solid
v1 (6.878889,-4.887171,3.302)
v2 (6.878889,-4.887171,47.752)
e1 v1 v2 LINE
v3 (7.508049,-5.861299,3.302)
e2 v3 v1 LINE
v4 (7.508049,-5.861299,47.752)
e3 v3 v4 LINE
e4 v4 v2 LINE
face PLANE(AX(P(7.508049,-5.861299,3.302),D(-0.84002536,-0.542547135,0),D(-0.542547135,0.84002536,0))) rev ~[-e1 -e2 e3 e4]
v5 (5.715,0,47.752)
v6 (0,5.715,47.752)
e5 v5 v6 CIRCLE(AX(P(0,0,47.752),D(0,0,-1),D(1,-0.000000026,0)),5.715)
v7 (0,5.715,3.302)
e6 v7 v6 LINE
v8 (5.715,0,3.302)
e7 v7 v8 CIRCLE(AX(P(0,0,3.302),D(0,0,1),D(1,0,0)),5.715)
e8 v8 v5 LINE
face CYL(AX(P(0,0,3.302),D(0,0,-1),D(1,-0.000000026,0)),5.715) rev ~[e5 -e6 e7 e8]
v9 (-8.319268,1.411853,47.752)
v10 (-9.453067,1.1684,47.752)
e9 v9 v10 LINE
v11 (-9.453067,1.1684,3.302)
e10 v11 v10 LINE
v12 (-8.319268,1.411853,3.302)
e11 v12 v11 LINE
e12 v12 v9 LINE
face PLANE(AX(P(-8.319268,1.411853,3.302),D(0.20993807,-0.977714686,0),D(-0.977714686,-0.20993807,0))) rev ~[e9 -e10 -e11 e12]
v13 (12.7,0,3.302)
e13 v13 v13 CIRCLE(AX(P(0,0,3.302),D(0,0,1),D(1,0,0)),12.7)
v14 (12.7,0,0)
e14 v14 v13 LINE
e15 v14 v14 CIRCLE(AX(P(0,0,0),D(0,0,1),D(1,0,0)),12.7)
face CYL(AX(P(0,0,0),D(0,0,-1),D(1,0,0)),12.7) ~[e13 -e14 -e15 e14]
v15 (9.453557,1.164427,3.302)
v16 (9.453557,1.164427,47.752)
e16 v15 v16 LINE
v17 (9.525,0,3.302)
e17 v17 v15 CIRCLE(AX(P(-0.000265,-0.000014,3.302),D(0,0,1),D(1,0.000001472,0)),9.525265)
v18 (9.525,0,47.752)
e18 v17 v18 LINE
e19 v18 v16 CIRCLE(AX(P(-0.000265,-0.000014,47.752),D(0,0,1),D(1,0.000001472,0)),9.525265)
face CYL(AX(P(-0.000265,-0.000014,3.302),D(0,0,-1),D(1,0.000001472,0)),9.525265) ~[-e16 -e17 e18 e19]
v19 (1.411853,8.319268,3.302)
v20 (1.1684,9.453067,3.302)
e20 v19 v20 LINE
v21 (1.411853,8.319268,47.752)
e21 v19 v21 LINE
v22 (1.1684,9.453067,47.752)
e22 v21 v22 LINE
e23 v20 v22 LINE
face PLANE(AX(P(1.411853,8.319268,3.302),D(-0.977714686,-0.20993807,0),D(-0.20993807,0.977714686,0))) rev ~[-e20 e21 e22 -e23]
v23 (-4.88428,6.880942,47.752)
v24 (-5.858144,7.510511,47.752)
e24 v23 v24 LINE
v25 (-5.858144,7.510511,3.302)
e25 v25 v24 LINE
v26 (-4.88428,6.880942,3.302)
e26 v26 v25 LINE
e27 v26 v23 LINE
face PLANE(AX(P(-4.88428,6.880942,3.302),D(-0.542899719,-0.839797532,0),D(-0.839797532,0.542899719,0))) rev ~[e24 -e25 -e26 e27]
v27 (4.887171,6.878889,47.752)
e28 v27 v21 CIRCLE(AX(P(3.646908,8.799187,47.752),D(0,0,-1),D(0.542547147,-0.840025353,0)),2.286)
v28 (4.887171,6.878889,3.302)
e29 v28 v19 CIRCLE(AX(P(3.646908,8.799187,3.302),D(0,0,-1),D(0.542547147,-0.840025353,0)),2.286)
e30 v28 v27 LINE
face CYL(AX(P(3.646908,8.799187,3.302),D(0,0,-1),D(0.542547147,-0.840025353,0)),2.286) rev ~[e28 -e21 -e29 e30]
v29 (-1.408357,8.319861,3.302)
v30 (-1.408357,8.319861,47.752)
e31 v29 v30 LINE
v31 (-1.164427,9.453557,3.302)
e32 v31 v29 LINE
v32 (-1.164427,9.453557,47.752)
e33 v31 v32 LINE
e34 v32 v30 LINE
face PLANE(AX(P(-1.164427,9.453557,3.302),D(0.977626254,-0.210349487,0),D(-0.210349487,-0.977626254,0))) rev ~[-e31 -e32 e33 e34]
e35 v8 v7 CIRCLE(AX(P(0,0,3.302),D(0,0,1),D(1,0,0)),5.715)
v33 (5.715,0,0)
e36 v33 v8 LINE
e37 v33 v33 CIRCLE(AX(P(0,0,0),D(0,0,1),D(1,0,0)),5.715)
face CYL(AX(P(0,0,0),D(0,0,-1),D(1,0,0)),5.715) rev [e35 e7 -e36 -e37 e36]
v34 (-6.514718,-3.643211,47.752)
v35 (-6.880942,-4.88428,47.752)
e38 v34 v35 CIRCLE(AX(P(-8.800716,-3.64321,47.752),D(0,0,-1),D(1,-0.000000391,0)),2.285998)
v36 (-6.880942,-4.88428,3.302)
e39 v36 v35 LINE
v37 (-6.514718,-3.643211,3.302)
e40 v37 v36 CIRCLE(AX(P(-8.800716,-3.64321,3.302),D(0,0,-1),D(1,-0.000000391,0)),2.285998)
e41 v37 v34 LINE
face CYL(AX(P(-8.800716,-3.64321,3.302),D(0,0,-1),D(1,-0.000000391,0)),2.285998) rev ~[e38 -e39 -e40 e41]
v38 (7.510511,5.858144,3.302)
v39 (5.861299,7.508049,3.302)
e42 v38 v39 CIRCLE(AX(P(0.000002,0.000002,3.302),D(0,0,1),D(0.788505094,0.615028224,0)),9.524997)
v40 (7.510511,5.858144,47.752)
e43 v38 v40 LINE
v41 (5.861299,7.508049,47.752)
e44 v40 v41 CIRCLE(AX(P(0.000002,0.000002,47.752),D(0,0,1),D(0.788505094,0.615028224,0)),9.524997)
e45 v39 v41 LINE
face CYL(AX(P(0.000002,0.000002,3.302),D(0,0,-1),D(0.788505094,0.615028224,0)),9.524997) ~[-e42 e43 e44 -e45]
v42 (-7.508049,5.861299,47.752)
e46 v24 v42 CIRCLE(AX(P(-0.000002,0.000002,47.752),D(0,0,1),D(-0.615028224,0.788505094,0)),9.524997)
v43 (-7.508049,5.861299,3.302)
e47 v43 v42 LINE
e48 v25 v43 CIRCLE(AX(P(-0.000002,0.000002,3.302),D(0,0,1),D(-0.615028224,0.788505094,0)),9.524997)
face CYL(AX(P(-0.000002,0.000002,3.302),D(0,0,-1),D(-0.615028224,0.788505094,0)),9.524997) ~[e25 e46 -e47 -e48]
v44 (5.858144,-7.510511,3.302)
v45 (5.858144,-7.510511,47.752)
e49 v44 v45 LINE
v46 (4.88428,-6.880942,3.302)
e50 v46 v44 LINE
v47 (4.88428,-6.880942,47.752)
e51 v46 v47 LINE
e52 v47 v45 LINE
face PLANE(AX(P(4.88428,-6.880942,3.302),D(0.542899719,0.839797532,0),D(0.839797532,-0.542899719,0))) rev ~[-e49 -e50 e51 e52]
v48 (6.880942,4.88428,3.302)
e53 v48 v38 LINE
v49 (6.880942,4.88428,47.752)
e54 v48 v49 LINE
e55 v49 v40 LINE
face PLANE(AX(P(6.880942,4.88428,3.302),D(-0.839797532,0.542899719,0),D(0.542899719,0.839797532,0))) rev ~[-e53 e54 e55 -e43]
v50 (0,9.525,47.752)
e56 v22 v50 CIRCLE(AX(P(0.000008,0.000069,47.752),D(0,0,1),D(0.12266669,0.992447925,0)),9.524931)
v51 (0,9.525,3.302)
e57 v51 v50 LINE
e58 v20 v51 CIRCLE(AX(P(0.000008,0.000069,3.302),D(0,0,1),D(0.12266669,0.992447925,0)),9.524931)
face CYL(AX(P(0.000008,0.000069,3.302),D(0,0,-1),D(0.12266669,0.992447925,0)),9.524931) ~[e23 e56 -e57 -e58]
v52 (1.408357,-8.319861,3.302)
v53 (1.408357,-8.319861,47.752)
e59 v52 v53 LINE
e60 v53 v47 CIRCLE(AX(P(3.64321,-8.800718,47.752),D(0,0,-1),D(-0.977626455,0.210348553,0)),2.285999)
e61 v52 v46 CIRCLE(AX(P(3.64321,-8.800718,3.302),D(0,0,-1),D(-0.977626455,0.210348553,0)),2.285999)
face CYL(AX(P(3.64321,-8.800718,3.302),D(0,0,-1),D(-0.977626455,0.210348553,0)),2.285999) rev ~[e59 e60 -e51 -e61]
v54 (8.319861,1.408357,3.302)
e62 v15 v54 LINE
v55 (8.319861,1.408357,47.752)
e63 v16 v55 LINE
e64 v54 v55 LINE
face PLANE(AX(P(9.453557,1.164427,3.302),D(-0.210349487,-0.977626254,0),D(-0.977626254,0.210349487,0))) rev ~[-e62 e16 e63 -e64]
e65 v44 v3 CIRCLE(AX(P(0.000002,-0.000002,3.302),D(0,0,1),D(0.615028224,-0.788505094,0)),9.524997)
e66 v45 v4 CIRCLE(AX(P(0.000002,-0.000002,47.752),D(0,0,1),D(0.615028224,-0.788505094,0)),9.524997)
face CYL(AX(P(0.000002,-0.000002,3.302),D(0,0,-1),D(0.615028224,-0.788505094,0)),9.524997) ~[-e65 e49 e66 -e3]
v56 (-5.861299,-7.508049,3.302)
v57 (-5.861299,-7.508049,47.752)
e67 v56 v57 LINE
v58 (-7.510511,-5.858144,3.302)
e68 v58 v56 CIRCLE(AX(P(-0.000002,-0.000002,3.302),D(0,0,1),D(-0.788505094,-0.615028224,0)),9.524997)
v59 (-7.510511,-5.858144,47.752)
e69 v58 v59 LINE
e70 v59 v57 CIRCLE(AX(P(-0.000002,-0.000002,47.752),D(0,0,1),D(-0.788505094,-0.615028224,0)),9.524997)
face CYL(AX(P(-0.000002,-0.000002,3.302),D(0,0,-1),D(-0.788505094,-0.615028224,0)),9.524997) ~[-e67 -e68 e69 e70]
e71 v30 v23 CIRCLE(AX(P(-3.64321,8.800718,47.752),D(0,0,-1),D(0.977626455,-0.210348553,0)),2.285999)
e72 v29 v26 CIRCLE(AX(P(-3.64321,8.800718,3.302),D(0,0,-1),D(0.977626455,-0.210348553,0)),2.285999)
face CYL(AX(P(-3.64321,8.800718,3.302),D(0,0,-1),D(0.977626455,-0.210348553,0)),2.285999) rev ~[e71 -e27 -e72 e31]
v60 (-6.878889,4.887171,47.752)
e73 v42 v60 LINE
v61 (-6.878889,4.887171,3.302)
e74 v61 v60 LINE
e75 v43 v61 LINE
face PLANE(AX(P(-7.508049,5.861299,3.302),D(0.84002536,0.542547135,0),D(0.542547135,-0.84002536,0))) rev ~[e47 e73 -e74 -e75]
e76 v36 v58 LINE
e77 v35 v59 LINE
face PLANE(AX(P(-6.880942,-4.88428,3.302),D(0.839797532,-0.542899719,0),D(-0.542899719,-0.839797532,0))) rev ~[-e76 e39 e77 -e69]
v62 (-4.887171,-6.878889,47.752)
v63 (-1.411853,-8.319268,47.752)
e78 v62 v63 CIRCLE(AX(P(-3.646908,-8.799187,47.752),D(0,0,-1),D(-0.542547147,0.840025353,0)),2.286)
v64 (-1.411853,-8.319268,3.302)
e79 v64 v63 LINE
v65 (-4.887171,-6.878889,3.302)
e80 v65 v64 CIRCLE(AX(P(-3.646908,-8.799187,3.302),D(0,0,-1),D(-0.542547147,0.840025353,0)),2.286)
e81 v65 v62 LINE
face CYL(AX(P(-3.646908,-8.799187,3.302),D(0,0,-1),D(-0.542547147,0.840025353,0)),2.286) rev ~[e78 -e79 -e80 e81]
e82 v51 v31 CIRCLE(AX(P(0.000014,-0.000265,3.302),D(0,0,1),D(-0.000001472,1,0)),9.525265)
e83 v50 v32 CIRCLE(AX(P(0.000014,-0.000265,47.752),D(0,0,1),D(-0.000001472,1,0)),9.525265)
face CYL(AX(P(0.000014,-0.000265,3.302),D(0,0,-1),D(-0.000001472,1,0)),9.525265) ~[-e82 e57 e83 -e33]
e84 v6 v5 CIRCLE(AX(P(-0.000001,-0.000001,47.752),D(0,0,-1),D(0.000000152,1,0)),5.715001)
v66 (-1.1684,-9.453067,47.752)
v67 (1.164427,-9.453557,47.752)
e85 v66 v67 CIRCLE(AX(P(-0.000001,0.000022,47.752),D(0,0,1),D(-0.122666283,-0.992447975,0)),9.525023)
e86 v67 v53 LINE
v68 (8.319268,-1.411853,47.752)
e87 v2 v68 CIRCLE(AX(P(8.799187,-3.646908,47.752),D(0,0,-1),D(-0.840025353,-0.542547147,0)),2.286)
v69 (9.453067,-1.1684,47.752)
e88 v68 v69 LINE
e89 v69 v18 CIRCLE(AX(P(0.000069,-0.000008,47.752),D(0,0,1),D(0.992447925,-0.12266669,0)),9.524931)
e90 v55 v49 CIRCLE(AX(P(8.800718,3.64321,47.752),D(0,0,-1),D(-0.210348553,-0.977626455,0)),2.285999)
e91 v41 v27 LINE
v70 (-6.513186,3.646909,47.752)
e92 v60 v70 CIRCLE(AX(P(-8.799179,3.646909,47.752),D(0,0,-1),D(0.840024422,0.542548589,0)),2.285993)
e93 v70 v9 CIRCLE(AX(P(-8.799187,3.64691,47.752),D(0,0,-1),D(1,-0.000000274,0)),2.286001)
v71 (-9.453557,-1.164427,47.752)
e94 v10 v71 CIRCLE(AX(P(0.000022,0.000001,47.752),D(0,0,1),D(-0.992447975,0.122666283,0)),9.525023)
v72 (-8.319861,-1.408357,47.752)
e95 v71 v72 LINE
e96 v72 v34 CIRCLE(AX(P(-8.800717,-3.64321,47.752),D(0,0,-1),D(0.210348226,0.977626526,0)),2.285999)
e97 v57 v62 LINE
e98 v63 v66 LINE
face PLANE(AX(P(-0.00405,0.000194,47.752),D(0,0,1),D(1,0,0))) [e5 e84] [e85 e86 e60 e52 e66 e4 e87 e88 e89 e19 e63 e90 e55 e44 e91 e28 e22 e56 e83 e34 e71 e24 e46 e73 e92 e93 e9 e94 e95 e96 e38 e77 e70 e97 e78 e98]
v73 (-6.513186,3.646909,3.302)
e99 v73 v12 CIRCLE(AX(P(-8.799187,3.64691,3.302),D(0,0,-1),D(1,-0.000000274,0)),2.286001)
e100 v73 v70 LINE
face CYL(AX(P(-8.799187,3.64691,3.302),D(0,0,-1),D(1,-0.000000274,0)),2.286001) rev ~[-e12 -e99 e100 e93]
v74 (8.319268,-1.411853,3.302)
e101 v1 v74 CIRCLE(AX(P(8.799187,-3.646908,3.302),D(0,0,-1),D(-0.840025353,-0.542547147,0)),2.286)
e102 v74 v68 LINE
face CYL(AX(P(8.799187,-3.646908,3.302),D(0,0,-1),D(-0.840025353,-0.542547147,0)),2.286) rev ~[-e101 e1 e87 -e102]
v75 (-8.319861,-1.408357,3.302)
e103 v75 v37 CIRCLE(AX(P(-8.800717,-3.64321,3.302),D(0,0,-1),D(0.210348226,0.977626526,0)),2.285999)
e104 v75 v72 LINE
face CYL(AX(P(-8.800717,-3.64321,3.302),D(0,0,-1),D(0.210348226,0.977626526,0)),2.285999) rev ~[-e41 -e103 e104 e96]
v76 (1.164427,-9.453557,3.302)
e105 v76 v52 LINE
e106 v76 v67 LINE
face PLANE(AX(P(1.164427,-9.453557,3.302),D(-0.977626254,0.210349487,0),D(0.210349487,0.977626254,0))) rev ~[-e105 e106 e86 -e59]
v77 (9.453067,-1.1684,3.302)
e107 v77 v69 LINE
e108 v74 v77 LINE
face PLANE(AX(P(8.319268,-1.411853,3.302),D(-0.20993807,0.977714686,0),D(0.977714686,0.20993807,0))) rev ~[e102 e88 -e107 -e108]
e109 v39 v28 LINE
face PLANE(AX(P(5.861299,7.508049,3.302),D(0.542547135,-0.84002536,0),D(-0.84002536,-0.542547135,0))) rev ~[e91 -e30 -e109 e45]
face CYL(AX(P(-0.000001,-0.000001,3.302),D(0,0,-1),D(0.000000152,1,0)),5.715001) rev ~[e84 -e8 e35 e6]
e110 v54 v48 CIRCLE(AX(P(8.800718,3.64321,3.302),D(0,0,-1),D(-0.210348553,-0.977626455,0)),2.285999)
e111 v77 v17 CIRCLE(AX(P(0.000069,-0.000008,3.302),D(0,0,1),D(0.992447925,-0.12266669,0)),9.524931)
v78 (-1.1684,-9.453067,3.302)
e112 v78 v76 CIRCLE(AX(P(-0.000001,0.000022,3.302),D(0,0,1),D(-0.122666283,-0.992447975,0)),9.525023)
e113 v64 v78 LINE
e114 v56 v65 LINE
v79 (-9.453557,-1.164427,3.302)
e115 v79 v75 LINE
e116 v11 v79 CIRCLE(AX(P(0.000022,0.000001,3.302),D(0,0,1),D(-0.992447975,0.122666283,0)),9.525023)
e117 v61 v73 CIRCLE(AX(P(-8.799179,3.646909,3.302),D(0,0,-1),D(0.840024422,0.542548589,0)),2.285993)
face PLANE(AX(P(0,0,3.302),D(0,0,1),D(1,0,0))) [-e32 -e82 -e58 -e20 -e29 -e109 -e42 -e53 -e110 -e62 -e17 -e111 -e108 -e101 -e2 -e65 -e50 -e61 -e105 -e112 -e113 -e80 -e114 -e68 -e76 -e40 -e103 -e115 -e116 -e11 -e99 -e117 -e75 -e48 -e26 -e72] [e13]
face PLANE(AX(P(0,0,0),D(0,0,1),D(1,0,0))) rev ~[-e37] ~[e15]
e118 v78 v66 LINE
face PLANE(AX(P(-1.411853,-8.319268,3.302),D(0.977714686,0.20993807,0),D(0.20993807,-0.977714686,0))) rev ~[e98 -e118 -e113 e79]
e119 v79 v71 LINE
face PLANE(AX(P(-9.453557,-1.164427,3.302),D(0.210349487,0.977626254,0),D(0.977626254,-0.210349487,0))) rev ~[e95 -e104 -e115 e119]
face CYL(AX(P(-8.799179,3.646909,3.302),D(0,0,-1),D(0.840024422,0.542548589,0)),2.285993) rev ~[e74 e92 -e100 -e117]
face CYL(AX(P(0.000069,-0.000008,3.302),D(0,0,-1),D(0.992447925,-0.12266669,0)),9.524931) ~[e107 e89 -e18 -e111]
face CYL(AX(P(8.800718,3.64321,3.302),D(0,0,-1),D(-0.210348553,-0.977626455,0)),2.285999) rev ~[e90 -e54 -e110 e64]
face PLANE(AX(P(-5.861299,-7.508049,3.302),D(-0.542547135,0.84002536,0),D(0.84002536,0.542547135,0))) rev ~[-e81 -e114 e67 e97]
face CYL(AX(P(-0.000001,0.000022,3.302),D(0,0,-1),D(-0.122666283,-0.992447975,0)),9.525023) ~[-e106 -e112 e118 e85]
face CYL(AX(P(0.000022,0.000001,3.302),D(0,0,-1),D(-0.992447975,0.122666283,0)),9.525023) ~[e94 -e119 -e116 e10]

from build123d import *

# Parameters (mm, degrees)
F0_R     = 12.7
F0_R_2   = 5.715
F1_DEPTH = 3.302
F3_DEPTH = 44.45


with BuildPart() as f1:
    # F0 (on Top) → F1 (new body)
    with BuildSketch(Plane.XY):
        Circle(F0_R)
        Circle(F0_R_2, mode=Mode.SUBTRACT)
    extrude(amount=F1_DEPTH)

    # F2 (on face) → F3 (join)
    with BuildSketch(Plane.XY.offset(3.302)):
        with BuildLine():
            ThreePointArc((9.453067, -1.1684), (9.507, -0.585306), (9.525, 0))
            ThreePointArc((9.525, 0), (9.507122, 0.583309), (9.453557, 1.164427))
            Line((9.453557, 1.164427), (8.319861, 1.408357))
            ThreePointArc((8.319861, 1.408357), (6.688546, 2.76884), (6.880942, 4.88428))
            Line((6.880942, 4.88428), (7.510511, 5.858144))
            ThreePointArc((7.510511, 5.858144), (6.736607, 6.733777), (5.861299, 7.508049))
            Line((5.861299, 7.508049), (4.887171, 6.878889))
            ThreePointArc((4.887171, 6.878889), (2.771651, 6.687382), (1.411853, 8.319268))
            Line((1.411853, 8.319268), (1.1684, 9.453067))
            ThreePointArc((1.1684, 9.453067), (0.585306, 9.507), (0, 9.525))
            ThreePointArc((0, 9.525), (-0.583309, 9.507122), (-1.164427, 9.453557))
            Line((-1.164427, 9.453557), (-1.408357, 8.319861))
            ThreePointArc((-1.408357, 8.319861), (-2.76884, 6.688546), (-4.88428, 6.880942))
            Line((-4.88428, 6.880942), (-5.858144, 7.510511))
            ThreePointArc((-5.858144, 7.510511), (-6.733777, 6.736607), (-7.508049, 5.861299))
            Line((-7.508049, 5.861299), (-6.878889, 4.887171))
            ThreePointArc((-6.878889, 4.887171), (-6.606517, 4.293436), (-6.513186, 3.646909))
            ThreePointArc((-6.513186, 3.646909), (-7.021141, 2.210124), (-8.319268, 1.411853))
            Line((-8.319268, 1.411853), (-9.453067, 1.1684))
            ThreePointArc((-9.453067, 1.1684), (-9.525, 0.002001), (-9.453557, -1.164427))
            Line((-9.453557, -1.164427), (-8.319861, -1.408357))
            ThreePointArc((-8.319861, -1.408357), (-7.022371, -2.206799), (-6.514718, -3.643211))
            ThreePointArc((-6.514718, -3.643211), (-6.608185, -4.290199), (-6.880942, -4.88428))
            Line((-6.880942, -4.88428), (-7.510511, -5.858144))
            ThreePointArc((-7.510511, -5.858144), (-6.736607, -6.733777), (-5.861299, -7.508049))
            Line((-5.861299, -7.508049), (-4.887171, -6.878889))
            ThreePointArc((-4.887171, -6.878889), (-2.771651, -6.687382), (-1.411853, -8.319268))
            Line((-1.411853, -8.319268), (-1.1684, -9.453067))
            ThreePointArc((-1.1684, -9.453067), (-0.002001, -9.525), (1.164427, -9.453557))
            Line((1.164427, -9.453557), (1.408357, -8.319861))
            ThreePointArc((1.408357, -8.319861), (2.76884, -6.688546), (4.88428, -6.880942))
            Line((4.88428, -6.880942), (5.858144, -7.510511))
            ThreePointArc((5.858144, -7.510511), (6.733777, -6.736607), (7.508049, -5.861299))
            Line((7.508049, -5.861299), (6.878889, -4.887171))
            ThreePointArc((6.878889, -4.887171), (6.687382, -2.771651), (8.319268, -1.411853))
            Line((8.319268, -1.411853), (9.453067, -1.1684))
        make_face()
        with BuildLine():
            ThreePointArc((5.715, 0), (-4.041115, -4.041115), (0, 5.715))
            ThreePointArc((0, 5.715), (4.041115, 4.041115), (5.715, 0))
        make_face(mode=Mode.SUBTRACT)
    extrude(amount=F3_DEPTH)


solid = f1.part
